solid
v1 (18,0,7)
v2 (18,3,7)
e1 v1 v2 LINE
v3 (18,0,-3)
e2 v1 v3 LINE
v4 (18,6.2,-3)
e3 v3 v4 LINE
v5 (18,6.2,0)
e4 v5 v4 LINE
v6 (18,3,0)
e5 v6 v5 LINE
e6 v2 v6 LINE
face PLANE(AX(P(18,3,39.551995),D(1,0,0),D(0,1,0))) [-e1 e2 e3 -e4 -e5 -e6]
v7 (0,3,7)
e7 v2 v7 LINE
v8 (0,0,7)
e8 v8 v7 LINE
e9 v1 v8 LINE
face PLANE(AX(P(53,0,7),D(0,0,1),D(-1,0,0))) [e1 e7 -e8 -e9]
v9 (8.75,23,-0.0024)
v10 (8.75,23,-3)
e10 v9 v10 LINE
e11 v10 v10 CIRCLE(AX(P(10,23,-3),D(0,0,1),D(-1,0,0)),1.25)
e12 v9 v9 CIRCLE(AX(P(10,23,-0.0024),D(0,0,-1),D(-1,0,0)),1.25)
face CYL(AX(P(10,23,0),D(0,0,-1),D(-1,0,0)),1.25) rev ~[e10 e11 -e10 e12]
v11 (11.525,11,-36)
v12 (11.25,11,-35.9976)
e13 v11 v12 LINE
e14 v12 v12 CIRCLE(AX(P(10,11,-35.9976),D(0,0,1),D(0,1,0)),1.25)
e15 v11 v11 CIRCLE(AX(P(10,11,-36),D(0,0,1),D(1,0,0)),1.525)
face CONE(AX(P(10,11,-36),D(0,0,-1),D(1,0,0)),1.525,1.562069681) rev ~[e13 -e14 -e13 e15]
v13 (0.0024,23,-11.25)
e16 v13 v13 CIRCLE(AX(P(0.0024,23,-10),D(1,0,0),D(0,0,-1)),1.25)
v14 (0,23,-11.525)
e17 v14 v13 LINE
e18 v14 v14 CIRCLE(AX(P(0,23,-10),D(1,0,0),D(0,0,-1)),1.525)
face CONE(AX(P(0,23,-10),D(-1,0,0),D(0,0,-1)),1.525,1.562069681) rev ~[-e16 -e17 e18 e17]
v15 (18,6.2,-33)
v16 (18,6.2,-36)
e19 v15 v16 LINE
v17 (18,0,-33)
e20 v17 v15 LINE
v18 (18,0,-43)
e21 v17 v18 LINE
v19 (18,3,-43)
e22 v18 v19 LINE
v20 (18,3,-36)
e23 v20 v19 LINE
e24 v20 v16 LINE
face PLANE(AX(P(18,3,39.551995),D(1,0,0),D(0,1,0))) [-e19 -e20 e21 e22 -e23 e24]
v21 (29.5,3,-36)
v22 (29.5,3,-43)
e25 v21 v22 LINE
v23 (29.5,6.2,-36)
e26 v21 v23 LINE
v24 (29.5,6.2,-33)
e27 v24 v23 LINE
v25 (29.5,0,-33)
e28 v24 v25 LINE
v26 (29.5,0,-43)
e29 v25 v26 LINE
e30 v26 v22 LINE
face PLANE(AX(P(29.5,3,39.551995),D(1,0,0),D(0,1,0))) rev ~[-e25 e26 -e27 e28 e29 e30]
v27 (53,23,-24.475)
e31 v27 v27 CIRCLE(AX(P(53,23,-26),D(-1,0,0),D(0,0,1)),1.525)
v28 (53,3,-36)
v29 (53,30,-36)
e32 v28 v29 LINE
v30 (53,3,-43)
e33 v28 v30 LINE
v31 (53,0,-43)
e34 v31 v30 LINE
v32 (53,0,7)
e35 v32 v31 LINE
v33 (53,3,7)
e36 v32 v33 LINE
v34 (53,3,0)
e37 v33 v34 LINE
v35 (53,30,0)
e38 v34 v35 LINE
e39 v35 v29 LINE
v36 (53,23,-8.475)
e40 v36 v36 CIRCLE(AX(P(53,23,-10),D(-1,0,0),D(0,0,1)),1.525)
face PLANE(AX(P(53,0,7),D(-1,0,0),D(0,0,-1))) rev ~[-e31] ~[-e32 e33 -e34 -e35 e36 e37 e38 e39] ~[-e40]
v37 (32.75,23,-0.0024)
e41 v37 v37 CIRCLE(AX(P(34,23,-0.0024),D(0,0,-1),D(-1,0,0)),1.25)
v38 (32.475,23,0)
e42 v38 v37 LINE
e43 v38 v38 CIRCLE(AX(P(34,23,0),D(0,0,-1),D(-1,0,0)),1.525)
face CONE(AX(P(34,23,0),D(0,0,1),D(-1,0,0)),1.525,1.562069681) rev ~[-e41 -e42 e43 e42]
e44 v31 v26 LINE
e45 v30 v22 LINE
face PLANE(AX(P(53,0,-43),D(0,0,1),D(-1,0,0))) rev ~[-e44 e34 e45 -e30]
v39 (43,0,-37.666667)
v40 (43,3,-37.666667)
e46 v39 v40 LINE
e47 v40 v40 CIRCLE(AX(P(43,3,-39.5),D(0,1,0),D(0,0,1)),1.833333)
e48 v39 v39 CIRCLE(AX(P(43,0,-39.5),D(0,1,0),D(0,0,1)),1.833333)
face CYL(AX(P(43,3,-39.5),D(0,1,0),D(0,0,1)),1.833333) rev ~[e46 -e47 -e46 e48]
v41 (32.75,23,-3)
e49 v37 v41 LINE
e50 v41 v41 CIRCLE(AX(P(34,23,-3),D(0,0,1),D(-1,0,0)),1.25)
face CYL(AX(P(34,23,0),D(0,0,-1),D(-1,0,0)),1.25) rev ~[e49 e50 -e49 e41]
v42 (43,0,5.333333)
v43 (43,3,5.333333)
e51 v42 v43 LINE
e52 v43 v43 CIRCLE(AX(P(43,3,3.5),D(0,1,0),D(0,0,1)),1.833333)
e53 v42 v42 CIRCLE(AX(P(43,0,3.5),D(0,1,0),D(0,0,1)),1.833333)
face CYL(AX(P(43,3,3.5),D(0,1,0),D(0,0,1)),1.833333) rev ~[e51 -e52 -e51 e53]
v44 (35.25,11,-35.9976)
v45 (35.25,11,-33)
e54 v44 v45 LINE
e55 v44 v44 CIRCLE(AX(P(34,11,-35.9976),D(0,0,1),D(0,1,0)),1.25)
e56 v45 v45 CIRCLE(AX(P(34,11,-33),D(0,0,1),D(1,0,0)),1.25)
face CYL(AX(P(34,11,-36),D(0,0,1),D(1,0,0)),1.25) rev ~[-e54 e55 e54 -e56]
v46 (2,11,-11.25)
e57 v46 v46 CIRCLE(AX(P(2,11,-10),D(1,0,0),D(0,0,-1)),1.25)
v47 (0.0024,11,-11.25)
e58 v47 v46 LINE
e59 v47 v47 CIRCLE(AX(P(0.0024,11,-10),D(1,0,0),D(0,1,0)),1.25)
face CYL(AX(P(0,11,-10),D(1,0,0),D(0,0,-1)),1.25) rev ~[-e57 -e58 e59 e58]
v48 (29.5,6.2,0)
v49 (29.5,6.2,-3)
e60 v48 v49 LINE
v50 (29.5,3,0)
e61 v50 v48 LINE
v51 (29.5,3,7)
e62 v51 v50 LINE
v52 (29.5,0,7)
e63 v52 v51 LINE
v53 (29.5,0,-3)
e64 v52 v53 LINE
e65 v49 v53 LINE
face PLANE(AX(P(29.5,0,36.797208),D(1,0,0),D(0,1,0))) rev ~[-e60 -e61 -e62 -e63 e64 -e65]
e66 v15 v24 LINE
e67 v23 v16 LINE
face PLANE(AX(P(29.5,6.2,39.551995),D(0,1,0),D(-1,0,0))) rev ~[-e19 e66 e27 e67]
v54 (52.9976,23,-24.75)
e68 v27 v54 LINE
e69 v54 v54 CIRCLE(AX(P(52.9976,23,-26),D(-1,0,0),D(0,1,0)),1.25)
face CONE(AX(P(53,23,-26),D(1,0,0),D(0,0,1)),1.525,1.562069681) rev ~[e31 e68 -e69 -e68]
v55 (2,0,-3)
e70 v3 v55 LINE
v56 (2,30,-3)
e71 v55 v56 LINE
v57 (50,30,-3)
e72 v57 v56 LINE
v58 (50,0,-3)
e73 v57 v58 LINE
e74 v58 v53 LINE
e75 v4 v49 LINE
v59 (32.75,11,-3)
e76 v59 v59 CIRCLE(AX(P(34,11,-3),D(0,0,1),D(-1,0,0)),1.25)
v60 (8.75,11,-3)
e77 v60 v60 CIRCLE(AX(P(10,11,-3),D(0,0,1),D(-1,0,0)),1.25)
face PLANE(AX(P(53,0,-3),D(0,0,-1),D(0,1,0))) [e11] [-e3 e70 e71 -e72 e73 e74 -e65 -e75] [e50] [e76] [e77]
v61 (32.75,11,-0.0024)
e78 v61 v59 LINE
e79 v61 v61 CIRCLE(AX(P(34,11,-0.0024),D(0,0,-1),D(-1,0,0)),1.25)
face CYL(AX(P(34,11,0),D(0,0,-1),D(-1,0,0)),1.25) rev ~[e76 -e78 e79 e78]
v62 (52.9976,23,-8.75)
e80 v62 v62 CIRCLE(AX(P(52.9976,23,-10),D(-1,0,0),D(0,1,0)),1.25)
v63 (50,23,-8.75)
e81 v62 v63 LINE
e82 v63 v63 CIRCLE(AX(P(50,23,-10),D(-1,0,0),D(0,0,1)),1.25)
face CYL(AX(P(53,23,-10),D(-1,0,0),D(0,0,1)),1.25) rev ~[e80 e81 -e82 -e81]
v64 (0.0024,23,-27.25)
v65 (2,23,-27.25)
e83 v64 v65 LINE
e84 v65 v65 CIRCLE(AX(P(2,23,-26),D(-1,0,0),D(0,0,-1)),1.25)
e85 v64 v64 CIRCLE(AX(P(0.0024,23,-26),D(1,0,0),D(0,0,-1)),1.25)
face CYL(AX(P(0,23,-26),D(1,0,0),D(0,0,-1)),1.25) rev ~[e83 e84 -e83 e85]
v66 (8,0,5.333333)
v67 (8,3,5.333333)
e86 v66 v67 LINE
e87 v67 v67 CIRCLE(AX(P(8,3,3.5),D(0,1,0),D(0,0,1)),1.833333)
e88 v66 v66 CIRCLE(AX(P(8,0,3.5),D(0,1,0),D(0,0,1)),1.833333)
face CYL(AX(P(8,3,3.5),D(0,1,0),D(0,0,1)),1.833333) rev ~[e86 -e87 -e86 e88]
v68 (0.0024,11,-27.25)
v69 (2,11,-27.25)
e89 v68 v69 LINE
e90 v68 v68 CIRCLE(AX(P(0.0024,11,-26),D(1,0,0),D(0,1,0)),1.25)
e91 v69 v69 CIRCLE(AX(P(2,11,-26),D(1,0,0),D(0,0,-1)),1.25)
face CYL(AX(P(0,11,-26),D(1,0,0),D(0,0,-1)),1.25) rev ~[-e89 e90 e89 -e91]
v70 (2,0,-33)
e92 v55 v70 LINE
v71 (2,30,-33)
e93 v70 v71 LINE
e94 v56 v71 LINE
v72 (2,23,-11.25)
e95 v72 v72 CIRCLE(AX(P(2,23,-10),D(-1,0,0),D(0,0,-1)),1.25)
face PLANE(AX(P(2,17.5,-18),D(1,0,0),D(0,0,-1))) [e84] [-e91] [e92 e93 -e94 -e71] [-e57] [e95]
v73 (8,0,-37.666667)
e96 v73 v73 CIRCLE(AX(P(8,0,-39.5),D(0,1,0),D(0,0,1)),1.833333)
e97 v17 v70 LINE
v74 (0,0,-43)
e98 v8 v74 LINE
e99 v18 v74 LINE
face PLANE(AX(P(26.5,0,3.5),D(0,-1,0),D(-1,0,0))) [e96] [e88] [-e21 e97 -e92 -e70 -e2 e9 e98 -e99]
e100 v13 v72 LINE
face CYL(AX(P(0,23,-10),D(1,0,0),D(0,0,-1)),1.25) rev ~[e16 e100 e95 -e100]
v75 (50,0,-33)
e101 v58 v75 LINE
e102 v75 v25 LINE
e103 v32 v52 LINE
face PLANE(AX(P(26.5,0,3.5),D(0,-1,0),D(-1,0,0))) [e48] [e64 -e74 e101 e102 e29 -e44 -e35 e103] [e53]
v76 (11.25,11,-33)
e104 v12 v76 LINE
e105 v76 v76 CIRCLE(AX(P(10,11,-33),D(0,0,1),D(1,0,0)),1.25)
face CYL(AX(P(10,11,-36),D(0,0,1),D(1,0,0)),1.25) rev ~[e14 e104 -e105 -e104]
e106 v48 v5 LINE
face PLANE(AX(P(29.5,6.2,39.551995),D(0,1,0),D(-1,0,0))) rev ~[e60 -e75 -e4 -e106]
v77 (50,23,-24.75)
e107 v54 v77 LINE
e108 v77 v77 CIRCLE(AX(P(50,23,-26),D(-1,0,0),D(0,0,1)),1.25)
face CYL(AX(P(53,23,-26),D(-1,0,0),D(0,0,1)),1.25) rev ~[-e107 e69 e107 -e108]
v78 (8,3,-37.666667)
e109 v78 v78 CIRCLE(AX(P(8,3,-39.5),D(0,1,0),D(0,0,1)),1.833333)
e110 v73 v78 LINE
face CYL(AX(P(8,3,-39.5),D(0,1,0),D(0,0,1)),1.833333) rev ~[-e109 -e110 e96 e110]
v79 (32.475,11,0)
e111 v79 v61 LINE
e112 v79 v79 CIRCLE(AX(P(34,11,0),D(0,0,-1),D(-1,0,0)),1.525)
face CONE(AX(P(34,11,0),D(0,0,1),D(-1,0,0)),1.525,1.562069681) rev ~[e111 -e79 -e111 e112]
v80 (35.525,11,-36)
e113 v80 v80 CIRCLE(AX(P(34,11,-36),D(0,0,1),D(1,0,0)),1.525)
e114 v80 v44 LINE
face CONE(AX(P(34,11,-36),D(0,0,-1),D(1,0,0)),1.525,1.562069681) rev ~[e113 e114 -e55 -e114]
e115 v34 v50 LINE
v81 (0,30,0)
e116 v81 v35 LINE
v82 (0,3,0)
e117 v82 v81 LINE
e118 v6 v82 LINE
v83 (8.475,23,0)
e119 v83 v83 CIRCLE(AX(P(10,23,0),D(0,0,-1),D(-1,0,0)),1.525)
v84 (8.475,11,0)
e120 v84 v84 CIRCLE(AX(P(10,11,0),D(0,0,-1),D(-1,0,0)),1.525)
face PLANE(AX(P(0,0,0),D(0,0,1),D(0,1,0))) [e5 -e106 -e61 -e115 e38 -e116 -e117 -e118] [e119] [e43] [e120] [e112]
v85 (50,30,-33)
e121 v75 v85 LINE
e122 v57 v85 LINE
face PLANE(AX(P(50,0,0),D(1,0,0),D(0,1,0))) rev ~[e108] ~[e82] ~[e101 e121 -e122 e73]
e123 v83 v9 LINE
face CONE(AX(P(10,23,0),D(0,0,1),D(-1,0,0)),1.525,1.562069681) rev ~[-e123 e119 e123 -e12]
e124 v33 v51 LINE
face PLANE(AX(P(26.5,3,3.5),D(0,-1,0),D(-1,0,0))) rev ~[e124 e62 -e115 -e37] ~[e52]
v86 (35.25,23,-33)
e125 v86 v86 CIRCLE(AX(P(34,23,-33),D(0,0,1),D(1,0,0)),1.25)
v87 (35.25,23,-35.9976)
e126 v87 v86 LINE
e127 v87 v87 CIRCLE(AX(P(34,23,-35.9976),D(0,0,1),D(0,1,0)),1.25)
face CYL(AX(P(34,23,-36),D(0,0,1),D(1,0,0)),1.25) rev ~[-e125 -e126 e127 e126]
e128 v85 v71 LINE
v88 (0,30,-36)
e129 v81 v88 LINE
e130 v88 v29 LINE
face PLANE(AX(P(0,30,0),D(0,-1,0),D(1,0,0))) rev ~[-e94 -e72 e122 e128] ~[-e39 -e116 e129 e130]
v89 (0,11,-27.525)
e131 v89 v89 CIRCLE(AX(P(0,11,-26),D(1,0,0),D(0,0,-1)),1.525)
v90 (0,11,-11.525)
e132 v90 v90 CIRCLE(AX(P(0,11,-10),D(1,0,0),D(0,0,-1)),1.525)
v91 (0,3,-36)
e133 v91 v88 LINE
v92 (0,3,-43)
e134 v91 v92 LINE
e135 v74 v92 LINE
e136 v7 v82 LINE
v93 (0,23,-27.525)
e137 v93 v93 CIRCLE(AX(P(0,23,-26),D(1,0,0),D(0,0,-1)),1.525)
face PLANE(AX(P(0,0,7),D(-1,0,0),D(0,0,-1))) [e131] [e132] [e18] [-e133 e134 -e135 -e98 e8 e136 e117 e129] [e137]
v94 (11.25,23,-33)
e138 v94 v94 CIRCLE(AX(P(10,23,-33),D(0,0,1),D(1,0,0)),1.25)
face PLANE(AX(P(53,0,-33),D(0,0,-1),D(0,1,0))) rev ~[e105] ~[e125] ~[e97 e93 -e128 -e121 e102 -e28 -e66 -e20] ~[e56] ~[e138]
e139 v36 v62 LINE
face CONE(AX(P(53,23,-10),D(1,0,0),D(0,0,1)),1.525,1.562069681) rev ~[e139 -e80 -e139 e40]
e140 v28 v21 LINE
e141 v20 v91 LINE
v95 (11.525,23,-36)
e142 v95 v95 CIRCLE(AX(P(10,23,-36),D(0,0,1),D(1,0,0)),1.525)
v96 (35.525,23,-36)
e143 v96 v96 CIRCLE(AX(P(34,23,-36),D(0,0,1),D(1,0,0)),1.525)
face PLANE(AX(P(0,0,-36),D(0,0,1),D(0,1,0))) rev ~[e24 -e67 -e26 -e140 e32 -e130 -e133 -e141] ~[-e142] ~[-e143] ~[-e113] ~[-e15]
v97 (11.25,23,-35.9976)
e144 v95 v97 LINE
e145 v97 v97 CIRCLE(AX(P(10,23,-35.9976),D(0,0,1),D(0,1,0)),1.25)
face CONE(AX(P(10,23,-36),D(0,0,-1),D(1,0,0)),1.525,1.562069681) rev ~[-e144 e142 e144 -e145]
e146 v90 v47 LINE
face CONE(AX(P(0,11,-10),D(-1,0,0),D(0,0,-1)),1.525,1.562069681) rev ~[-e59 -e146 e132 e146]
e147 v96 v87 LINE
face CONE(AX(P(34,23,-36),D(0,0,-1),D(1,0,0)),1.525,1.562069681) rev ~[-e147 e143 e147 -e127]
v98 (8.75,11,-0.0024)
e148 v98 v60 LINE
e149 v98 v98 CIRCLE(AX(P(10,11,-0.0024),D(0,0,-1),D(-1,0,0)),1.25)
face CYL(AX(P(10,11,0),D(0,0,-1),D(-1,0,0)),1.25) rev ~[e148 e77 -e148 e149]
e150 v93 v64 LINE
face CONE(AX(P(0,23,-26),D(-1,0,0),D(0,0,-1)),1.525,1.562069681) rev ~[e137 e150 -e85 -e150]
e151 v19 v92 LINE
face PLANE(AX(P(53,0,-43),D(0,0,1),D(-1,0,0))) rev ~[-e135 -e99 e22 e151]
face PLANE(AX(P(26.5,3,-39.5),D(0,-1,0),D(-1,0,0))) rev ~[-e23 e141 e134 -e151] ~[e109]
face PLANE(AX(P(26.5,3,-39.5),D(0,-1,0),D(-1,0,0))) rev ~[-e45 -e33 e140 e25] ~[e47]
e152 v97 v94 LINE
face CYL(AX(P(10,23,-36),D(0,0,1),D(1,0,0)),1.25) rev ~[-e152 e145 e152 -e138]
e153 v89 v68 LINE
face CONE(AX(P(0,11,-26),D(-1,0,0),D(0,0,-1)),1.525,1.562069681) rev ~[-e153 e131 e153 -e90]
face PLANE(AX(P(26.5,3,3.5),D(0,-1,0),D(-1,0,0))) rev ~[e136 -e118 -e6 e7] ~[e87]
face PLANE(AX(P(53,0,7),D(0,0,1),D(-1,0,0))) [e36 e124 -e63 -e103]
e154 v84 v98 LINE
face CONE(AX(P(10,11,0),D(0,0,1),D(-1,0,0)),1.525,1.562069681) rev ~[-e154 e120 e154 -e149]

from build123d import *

# Parameters (mm, degrees)
SKETCH1_W                   = 36
SKETCH1_H                   = 38
BOSS_EXTRUDE2_DEPTH         = 53
SKETCH3_W                   = 30
SKETCH3_H                   = 35
CUT_EXTRUDE1_DEPTH          = 51
SKETCH4_W                   = 3
SKETCH4_H                   = 30
BOSS_EXTRUDE3_DEPTH         = 33
SKETCH5_W                   = 53
SKETCH5_H                   = 8
CUT_EXTRUDE2_DEPTH          = 52
SKETCH6_W                   = 53
SKETCH6_H                   = 7
BOSS_EXTRUDE4_DEPTH         = 3
CUT_EXTRUDE4_DEPTH          = 79.797208072
CUT_EXTRUDE4_DEPTH_BACK     = 79.797208072
SKETCH8_W                   = 11.5
SKETCH8_H                   = 3
M3_TAPPED_HOLE1_D           = 2.5
M3_TAPPED_HOLE1_DEPTH       = 3
M3_TAPPED_HOLE1_CSINK_D     = 3.05
M3_TAPPED_HOLE1_CSINK_ANGLE = 179
LPATTERN1_COUNT             = 2
LPATTERN1_PITCH             = 24
LPATTERN1_COUNT_DIR2        = 2
LPATTERN1_PITCH_DIR2        = 12
M3_TAPPED_HOLE2_D           = 2.5
M3_TAPPED_HOLE2_DEPTH       = 2
M3_TAPPED_HOLE2_CSINK_D     = 3.05
M3_TAPPED_HOLE2_CSINK_ANGLE = 179
LPATTERN2_COUNT             = 2
LPATTERN2_PITCH             = 16
LPATTERN2_COUNT_DIR2        = 2
LPATTERN2_PITCH_DIR2        = 12
M3_TAPPED_HOLE3_D           = 2.5
M3_TAPPED_HOLE3_CSINK_D     = 3.05
M3_TAPPED_HOLE3_CSINK_ANGLE = 179
LPATTERN3_COUNT             = 2
LPATTERN3_PITCH             = 16
M3_TAPPED_HOLE4_D           = 2.5
M3_TAPPED_HOLE4_CSINK_D     = 3.05
M3_TAPPED_HOLE4_CSINK_ANGLE = 179
LPATTERN4_COUNT             = 2
LPATTERN4_PITCH             = 24
LPATTERN4_COUNT_DIR2        = 2
LPATTERN4_PITCH_DIR2        = 12
SKETCH45_R                  = 1.833333333
CUT_EXTRUDE5_DEPTH          = 74.396185187
LPATTERN5_COUNT             = 2
LPATTERN5_PITCH             = 35
LPATTERN5_COUNT_DIR2        = 2
LPATTERN5_PITCH_DIR2        = 43
CUT_EXTRUDE6_DEPTH          = 75.551995278
CUT_EXTRUDE6_DEPTH_BACK     = 75.551995278
SKETCH46_W                  = 11.5
SKETCH46_H                  = 3.2


with BuildPart() as part:
    # Sketch1 → Boss-Extrude2 (new body)
    with BuildSketch(Plane(origin=(0, 0, 0), x_dir=(0, 0, -1), z_dir=(1, 0, 0))):
        with Locations((18, 19)):
            Rectangle(SKETCH1_W, SKETCH1_H)
    extrude(amount=BOSS_EXTRUDE2_DEPTH)

    # Sketch3 → Cut-Extrude1 (cut)
    with BuildSketch(Plane(origin=(53, 0, 0), x_dir=(0, 0, -1), z_dir=(1, 0, 0))):
        with Locations((18, 17.5)):
            Rectangle(SKETCH3_W, SKETCH3_H)
    extrude(amount=-CUT_EXTRUDE1_DEPTH, mode=Mode.SUBTRACT)

    # Sketch4 → Boss-Extrude3 (add)
    with BuildSketch(Plane.XY):
        with Locations((51.5, 15)):
            Rectangle(SKETCH4_W, SKETCH4_H)
    extrude(amount=-BOSS_EXTRUDE3_DEPTH)

    # Sketch5 → Cut-Extrude2 (cut)
    with BuildSketch(Plane.XY):
        with Locations((26.5, 34)):
            Rectangle(SKETCH5_W, SKETCH5_H)
    extrude(amount=-CUT_EXTRUDE2_DEPTH, mode=Mode.SUBTRACT)

    # Sketch6 → Boss-Extrude4 (add)
    with BuildSketch(Plane(origin=(0, 0, 0), x_dir=(-1, 0, 0), z_dir=(0, -1, 0))):
        with Locations((-26.5, -3.5)):
            Rectangle(SKETCH6_W, SKETCH6_H)
        with Locations((-26.5, 39.5)):
            Rectangle(SKETCH6_W, SKETCH6_H)
    extrude(amount=-BOSS_EXTRUDE4_DEPTH)

    # Sketch8 → Cut-Extrude4 (cut, two sides: drawn at the far end of the back side and taken through both)
    with BuildSketch(Plane(origin=(0, 0, -43), x_dir=(-1, 0, 0), z_dir=(0, 0, -1)).offset(-CUT_EXTRUDE4_DEPTH_BACK)):
        with Locations((-23.75, 1.5)):
            Rectangle(SKETCH8_W, SKETCH8_H)
    extrude(amount=CUT_EXTRUDE4_DEPTH + CUT_EXTRUDE4_DEPTH_BACK, mode=Mode.SUBTRACT)

    # M3 Tapped Hole1
    with Locations(Plane.XY):
        with Locations((10, 23)):
            m3_tapped_hole1 = CounterSinkHole(M3_TAPPED_HOLE1_D / 2, M3_TAPPED_HOLE1_CSINK_D / 2, depth=M3_TAPPED_HOLE1_DEPTH, counter_sink_angle=M3_TAPPED_HOLE1_CSINK_ANGLE)

    # LPattern1: M3 Tapped Hole1 2 × 2
    with Locations(*[(i * LPATTERN1_PITCH, -j * LPATTERN1_PITCH_DIR2, 0) for i in range(LPATTERN1_COUNT) for j in range(LPATTERN1_COUNT_DIR2) if (i, j) != (0, 0)]):
        add(m3_tapped_hole1, mode=Mode.SUBTRACT)

    # M3 Tapped Hole2
    with Locations(Plane.ZY):
        with Locations((-26, 23)):
            m3_tapped_hole2 = CounterSinkHole(M3_TAPPED_HOLE2_D / 2, M3_TAPPED_HOLE2_CSINK_D / 2, depth=M3_TAPPED_HOLE2_DEPTH, counter_sink_angle=M3_TAPPED_HOLE2_CSINK_ANGLE)

    # LPattern2: M3 Tapped Hole2 2 × 2
    with Locations(*[(0, -j * LPATTERN2_PITCH_DIR2, i * LPATTERN2_PITCH) for i in range(LPATTERN2_COUNT) for j in range(LPATTERN2_COUNT_DIR2) if (i, j) != (0, 0)]):
        add(m3_tapped_hole2, mode=Mode.SUBTRACT)

    # M3 Tapped Hole3 (through all)
    with Locations(Plane(origin=(53, 0, 0), x_dir=(0, 0, -1), z_dir=(1, 0, 0))):
        with Locations((26, 23)):
            m3_tapped_hole3 = CounterSinkHole(M3_TAPPED_HOLE3_D / 2, M3_TAPPED_HOLE3_CSINK_D / 2, counter_sink_angle=M3_TAPPED_HOLE3_CSINK_ANGLE)

    # LPattern3: M3 Tapped Hole3 ×2
    with Locations(*[(0, 0, i * LPATTERN3_PITCH) for i in range(1, LPATTERN3_COUNT)]):
        add(m3_tapped_hole3, mode=Mode.SUBTRACT)

    # M3 Tapped Hole4 (through all)
    with Locations(Plane(origin=(0, 0, -36), x_dir=(-1, 0, 0), z_dir=(0, 0, -1))):
        with Locations((-10, 23)):
            m3_tapped_hole4 = CounterSinkHole(M3_TAPPED_HOLE4_D / 2, M3_TAPPED_HOLE4_CSINK_D / 2, counter_sink_angle=M3_TAPPED_HOLE4_CSINK_ANGLE)

    # LPattern4: M3 Tapped Hole4 2 × 2
    with Locations(*[(i * LPATTERN4_PITCH, -j * LPATTERN4_PITCH_DIR2, 0) for i in range(LPATTERN4_COUNT) for j in range(LPATTERN4_COUNT_DIR2) if (i, j) != (0, 0)]):
        add(m3_tapped_hole4, mode=Mode.SUBTRACT)

    # Sketch45 → Cut-Extrude5 (cut, symmetric)
    with BuildSketch(Plane(origin=(0, 3, 0), x_dir=(1, 0, 0), z_dir=(0, 1, 0))):
        with Locations(Location((8, 39.5, 0), (0, 0, 270))):
            Circle(SKETCH45_R)
    cut_extrude5 = extrude(amount=CUT_EXTRUDE5_DEPTH, both=True, mode=Mode.SUBTRACT)

    # LPattern5: Cut-Extrude5 2 × 2
    with Locations(*[(i * LPATTERN5_PITCH, 0, j * LPATTERN5_PITCH_DIR2) for i in range(LPATTERN5_COUNT) for j in range(LPATTERN5_COUNT_DIR2) if (i, j) != (0, 0)]):
        add(cut_extrude5, mode=Mode.SUBTRACT)

    # Sketch46 → Cut-Extrude6 (cut, two sides: drawn at the far end of the back side and taken through both)
    with BuildSketch(Plane(origin=(0, 0, -36), x_dir=(-1, 0, 0), z_dir=(0, 0, -1)).offset(-CUT_EXTRUDE6_DEPTH_BACK)):
        with Locations((-23.75, 4.6)):
            Rectangle(SKETCH46_W, SKETCH46_H)
    extrude(amount=CUT_EXTRUDE6_DEPTH + CUT_EXTRUDE6_DEPTH_BACK, mode=Mode.SUBTRACT)


solid = part.part
